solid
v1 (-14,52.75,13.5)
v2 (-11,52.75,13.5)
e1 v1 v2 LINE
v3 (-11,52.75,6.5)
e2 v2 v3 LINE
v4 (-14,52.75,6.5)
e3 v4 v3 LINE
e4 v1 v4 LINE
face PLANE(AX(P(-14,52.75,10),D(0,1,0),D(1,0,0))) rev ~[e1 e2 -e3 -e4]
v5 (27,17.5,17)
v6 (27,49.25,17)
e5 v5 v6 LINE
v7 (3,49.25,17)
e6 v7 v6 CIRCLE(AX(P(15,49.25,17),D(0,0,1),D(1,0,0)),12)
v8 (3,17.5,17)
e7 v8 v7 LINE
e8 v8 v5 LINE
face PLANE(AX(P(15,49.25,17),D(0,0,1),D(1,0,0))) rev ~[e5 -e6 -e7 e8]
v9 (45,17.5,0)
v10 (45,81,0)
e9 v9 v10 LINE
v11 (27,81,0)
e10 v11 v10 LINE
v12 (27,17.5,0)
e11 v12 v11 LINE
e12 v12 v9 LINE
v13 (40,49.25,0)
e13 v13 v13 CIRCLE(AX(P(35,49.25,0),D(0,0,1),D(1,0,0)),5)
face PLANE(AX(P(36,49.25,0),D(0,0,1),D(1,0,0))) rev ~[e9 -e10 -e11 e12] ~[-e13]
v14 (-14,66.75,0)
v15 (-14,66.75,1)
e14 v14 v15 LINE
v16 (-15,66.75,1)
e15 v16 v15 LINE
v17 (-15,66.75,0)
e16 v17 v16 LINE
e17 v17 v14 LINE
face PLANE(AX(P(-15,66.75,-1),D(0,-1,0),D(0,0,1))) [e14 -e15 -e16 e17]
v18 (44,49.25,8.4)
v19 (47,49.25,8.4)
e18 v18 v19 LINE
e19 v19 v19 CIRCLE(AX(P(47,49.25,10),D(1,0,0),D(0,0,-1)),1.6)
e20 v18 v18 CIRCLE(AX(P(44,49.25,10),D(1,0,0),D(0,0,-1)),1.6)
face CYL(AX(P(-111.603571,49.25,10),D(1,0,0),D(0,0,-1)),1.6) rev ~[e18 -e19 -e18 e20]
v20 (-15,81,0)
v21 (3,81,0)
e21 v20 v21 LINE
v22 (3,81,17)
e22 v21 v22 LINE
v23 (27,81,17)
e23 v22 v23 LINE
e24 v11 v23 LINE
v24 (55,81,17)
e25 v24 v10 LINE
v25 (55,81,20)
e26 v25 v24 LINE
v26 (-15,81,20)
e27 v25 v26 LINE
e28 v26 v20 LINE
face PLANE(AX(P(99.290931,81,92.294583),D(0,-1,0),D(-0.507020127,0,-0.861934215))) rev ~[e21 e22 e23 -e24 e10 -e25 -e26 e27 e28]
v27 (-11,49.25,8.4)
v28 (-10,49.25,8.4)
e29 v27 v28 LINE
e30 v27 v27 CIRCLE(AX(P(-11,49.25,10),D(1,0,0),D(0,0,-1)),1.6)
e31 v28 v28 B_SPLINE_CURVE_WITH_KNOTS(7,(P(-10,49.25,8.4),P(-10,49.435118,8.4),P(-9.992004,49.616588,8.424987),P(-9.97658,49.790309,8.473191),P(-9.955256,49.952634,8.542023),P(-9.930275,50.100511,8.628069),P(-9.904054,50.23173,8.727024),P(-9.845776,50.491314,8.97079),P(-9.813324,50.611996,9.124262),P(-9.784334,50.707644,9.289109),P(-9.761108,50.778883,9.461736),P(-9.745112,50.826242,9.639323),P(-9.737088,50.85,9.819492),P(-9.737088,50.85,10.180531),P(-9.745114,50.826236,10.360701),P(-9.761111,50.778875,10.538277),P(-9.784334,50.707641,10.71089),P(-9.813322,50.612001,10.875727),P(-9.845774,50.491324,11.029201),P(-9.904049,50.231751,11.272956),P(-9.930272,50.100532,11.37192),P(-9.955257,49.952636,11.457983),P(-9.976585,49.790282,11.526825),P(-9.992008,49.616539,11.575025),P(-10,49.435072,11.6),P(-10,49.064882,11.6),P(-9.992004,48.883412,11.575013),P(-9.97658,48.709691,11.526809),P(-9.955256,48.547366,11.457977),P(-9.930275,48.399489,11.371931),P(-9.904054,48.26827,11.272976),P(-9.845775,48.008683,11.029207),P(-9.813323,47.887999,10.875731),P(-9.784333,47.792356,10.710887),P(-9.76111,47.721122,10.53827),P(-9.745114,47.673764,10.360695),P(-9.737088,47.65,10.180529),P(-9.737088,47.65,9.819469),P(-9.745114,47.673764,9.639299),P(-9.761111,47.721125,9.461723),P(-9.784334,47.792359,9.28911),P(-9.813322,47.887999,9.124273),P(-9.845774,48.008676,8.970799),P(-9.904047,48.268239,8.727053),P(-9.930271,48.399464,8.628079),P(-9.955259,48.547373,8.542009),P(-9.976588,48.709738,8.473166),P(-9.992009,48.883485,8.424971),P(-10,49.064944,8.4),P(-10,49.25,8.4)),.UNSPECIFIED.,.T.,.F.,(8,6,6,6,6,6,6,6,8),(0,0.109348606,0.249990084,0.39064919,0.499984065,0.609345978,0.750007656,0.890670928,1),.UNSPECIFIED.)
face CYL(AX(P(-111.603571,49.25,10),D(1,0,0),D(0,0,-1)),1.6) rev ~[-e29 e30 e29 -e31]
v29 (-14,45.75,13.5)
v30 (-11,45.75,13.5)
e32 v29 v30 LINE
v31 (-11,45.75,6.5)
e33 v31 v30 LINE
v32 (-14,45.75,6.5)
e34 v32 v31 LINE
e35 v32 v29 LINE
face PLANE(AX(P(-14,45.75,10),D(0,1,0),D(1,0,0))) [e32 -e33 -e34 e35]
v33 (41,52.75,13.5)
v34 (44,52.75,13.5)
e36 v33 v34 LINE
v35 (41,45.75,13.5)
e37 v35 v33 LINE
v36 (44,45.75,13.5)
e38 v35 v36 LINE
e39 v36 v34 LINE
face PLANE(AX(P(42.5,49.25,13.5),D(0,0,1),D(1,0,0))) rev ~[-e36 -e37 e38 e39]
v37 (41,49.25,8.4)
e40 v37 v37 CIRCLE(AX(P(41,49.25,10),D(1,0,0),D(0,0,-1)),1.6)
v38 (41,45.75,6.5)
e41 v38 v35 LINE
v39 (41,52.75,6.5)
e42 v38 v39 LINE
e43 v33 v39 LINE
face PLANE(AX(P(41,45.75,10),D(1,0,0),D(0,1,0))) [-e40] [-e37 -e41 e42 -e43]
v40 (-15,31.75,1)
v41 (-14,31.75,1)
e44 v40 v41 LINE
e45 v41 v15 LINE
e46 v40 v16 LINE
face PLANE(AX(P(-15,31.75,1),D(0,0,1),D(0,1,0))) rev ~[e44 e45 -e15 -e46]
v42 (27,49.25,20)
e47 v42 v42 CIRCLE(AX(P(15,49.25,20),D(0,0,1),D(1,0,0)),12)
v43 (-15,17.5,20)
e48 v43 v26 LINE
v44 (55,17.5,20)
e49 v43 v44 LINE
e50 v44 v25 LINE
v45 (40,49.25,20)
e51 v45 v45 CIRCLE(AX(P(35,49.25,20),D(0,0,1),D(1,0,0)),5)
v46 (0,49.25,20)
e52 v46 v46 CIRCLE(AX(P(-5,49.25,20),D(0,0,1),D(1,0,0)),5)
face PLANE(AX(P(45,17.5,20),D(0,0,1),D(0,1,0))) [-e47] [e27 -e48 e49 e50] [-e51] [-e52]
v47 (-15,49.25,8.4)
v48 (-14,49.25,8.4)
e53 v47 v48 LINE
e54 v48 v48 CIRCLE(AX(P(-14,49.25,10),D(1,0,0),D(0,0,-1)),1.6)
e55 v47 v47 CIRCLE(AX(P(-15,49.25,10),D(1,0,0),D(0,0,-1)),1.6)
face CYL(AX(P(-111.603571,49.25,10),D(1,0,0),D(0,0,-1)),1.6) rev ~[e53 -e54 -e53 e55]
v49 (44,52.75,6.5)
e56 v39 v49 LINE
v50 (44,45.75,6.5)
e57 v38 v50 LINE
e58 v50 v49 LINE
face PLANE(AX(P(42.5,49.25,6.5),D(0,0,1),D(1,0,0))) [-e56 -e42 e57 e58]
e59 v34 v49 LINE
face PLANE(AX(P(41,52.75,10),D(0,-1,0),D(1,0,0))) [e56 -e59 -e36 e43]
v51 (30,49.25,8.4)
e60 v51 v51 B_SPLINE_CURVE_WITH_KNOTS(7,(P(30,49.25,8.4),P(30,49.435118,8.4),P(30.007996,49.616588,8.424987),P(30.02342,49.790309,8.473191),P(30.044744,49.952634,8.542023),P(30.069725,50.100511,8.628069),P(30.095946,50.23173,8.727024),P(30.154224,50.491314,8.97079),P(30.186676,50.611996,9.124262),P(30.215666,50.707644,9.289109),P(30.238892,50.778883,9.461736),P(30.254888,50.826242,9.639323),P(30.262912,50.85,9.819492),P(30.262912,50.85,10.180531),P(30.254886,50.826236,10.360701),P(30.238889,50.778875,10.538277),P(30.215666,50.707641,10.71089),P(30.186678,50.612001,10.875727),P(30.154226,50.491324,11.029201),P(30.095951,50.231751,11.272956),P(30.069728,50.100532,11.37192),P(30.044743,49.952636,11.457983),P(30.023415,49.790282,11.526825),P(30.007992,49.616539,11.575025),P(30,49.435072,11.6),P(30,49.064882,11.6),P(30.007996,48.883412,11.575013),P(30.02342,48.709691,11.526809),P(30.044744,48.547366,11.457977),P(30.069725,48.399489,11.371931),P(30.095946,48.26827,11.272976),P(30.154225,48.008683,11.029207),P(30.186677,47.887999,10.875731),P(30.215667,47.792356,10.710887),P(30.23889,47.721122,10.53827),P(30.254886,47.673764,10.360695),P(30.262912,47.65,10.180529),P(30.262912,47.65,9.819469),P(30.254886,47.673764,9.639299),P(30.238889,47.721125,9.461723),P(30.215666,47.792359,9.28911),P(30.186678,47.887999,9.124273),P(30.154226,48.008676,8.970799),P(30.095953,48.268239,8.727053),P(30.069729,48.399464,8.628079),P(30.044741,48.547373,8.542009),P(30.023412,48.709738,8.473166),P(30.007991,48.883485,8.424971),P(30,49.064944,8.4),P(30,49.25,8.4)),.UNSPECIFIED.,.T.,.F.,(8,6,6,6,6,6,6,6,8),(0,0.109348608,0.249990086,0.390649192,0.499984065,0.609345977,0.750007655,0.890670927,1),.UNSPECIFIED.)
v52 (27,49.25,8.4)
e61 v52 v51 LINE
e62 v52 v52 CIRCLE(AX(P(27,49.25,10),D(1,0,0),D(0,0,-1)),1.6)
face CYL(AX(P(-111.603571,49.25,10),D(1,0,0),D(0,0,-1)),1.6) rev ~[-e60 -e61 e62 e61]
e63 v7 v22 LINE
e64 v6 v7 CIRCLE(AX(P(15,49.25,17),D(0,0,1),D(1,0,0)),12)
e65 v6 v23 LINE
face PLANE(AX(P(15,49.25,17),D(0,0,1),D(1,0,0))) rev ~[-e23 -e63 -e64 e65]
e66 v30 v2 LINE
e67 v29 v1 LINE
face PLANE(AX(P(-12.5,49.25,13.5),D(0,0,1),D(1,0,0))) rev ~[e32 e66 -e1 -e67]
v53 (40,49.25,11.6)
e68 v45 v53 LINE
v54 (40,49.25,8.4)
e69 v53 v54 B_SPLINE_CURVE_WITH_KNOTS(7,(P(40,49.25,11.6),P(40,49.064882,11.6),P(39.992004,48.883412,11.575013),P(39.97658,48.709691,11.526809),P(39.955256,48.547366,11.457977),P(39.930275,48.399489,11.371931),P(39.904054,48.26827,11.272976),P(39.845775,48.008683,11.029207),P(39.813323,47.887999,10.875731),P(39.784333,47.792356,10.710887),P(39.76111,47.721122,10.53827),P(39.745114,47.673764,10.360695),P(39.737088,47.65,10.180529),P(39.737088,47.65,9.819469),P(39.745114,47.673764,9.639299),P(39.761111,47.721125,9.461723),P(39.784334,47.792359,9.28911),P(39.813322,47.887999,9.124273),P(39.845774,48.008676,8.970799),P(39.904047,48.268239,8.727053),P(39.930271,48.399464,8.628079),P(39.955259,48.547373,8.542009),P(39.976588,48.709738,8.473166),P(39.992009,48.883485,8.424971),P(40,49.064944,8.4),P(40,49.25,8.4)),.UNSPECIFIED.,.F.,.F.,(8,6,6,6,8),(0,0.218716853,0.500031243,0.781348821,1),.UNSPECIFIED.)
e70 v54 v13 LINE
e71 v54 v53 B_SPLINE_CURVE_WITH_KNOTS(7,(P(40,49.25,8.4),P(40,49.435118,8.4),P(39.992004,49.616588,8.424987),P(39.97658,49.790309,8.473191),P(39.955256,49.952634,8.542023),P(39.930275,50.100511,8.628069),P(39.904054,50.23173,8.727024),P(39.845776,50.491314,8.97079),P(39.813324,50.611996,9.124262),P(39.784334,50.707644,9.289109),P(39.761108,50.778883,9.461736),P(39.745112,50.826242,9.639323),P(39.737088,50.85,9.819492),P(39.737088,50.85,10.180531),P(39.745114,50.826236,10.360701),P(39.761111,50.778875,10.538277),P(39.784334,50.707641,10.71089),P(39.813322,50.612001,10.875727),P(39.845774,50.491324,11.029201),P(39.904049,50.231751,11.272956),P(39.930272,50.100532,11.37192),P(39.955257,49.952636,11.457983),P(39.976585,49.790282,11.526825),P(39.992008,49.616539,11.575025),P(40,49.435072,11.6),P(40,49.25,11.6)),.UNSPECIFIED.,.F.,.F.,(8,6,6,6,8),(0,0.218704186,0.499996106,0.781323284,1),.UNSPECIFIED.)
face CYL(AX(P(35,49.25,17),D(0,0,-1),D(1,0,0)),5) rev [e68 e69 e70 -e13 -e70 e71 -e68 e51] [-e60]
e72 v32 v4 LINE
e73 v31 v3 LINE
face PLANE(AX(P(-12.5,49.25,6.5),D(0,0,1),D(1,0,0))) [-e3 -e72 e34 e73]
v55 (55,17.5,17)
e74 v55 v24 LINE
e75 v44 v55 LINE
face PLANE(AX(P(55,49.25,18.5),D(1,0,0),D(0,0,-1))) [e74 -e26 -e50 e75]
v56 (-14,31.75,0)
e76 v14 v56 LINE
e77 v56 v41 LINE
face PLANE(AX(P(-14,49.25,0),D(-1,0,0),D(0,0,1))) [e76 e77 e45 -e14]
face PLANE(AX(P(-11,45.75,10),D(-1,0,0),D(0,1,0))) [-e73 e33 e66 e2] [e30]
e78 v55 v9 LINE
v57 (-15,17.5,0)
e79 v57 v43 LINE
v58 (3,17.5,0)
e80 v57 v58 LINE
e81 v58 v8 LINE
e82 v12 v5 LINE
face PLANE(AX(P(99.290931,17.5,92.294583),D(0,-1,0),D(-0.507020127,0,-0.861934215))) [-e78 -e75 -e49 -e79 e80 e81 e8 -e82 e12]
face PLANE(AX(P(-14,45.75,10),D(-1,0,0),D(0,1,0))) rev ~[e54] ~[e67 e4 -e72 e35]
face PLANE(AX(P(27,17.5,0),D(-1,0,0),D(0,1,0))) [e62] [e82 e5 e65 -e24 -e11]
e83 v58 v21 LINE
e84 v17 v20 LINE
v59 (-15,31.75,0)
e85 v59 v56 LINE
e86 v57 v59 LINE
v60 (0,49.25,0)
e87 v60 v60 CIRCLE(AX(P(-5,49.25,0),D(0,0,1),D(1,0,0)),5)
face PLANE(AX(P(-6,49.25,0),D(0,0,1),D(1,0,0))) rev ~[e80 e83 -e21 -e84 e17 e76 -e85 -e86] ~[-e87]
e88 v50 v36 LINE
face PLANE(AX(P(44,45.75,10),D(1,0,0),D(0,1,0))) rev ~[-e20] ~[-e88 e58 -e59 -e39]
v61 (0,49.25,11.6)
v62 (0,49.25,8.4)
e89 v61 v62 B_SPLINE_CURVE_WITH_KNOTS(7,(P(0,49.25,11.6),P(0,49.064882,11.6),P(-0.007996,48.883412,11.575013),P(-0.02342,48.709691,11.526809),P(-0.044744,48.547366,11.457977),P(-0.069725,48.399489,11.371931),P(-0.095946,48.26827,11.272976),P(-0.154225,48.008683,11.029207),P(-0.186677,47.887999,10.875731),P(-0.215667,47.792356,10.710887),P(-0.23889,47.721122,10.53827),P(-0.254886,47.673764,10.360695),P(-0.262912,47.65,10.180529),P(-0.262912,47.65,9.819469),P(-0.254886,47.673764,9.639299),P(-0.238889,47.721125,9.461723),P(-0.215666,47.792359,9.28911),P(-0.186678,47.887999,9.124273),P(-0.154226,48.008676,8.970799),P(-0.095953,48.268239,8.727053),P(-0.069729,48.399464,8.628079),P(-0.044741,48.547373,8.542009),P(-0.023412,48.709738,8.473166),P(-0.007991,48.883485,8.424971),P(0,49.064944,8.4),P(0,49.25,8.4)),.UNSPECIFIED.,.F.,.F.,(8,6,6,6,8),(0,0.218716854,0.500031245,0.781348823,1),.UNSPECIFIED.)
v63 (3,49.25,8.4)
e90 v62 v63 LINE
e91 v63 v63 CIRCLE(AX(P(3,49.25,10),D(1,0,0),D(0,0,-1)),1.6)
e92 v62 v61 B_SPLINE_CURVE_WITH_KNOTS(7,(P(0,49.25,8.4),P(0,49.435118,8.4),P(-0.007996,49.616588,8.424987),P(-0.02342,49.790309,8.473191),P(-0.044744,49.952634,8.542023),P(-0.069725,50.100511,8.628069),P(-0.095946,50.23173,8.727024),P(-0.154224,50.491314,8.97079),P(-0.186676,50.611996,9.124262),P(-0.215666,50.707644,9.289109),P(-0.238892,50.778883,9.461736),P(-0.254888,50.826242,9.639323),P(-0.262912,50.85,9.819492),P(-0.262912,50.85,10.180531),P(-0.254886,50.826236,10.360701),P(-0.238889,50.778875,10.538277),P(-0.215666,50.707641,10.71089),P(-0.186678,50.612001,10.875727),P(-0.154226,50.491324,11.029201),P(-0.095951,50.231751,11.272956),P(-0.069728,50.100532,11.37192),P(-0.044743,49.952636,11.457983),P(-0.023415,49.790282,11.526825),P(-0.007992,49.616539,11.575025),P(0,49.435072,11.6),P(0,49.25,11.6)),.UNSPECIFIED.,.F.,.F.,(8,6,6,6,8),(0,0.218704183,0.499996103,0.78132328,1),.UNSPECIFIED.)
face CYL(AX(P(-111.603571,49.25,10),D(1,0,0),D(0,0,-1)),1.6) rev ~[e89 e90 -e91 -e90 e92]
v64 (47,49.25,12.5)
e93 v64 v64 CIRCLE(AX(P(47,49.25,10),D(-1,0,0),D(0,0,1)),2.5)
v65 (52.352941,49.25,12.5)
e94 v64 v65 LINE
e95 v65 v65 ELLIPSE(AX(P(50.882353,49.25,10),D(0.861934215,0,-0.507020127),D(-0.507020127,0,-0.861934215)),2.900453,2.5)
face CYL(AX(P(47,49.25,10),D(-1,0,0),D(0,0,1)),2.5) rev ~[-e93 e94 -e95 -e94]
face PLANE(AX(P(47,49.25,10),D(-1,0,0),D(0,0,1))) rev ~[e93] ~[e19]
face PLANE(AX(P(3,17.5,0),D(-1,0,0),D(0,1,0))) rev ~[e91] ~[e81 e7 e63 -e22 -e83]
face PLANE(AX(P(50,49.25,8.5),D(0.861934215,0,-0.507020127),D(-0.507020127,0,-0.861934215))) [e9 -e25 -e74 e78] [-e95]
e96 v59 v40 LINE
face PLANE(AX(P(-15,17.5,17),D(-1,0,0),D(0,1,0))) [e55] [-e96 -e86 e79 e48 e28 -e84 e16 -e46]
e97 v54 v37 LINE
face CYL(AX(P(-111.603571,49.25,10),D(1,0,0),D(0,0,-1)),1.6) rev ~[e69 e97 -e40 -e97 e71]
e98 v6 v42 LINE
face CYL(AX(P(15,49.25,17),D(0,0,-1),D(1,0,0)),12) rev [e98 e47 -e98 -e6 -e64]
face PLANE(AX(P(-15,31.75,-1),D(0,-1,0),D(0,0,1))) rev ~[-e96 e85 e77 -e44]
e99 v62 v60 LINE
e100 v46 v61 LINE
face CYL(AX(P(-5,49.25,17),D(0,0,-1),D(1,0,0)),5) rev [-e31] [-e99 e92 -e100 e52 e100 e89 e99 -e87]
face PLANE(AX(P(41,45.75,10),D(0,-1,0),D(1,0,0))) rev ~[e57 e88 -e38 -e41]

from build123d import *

# Parameters (mm, degrees)
SKETCH_1_W          = 18
SKETCH_1_H          = 63.5
SKETCH_1_R          = 5
EXTRUDE_1_DEPTH     = 17
EXTRUDE_1_2_DEPTH   = 17
SKETCH_2_W          = 60
SKETCH_2_H          = 63.5
SKETCH_2_R          = 5
SKETCH_2_R_2        = 12
EXTRUDE_2_DEPTH     = 3
SKETCH_3_W          = 3
SKETCH_3_H          = 63.5
EXTRUDE_3_DEPTH     = 10
RIB_1_REACH         = 88.355
SKETCH_4_WALL_W     = 194.433823758
SKETCH_4_WALL_H     = 63.5
SKETCH_7_W          = 3
SKETCH_7_H          = 7
CUT_EXTRUDE_1_DEPTH = 3.5
HOLE_WIZARD_1_D     = 3.2
SKETCH_13_R         = 2.5
CUT_EXTRUDE_2_DEPTH = 11
SKETCH_14_W         = 2
SKETCH_14_H         = 35
CUT_EXTRUDE_3_DEPTH = 1


with BuildPart() as part:
    # 草图1 → 凸台-拉伸1 (new body)
    with BuildSketch(Plane.XY):
        with Locations((36, 49.25)):
            Rectangle(SKETCH_1_W, SKETCH_1_H)
        with Locations((35, 49.25)):
            Circle(SKETCH_1_R, mode=Mode.SUBTRACT)
    extrude(amount=EXTRUDE_1_DEPTH)



with BuildPart() as body_2:
    # 草图1 → Extrude 1 2 (new body)
    with BuildSketch(Plane.XY):
        with Locations((-6, 49.25)):
            Rectangle(SKETCH_1_W, SKETCH_1_H)
        with Locations((-5, 49.25)):
            Circle(SKETCH_1_R, mode=Mode.SUBTRACT)
    extrude(amount=EXTRUDE_1_2_DEPTH)


with BuildPart() as part_1:
    add(part.part)

    add(body_2.part)  # 凸台-拉伸2 merges body 2
    # 草图2 → 凸台-拉伸2 (add)
    with BuildSketch(Plane.XY.offset(17)):
        with Locations((15, 49.25)):
            Rectangle(SKETCH_2_W, SKETCH_2_H)
        with Locations((35, 49.25)):
            Circle(SKETCH_2_R, mode=Mode.SUBTRACT)
        with Locations((-5, 49.25)):
            Circle(SKETCH_2_R, mode=Mode.SUBTRACT)
        with Locations((15, 49.25)):
            Circle(SKETCH_2_R_2, mode=Mode.SUBTRACT)
    extrude(amount=EXTRUDE_2_DEPTH)

    # 草图3 → 凸台-拉伸3 (add)
    with BuildSketch(Plane(origin=(45, 0, 0), x_dir=(0, 0, -1), z_dir=(1, 0, 0))):
        with Locations((-18.5, 49.25)):
            Rectangle(SKETCH_3_W, SKETCH_3_H)
    extrude(amount=EXTRUDE_3_DEPTH)

    # 草图4 wall → 筋1 (add, up to next)
    with BuildSketch(Plane(origin=(50, 17.5, 8.5), x_dir=(-0.507020126563, 0, -0.861934215158), z_dir=(0.861934215158, 0, -0.507020126563)), mode=Mode.PRIVATE) as rib_1_sk1:
        with Locations((0, 31.75)):
            Rectangle(SKETCH_4_WALL_W, SKETCH_4_WALL_H)
    rib_1_tool1 = extrude(rib_1_sk1.sketch, amount=-RIB_1_REACH, mode=Mode.PRIVATE) - part_1.part
    add(rib_1_tool1.solids().sort_by_distance((50, 17.5, 8.5))[0])

    # 草图7 → 切除-拉伸1 (cut, symmetric)
    with BuildSketch(Plane.XY.offset(10)):
        with Locations((-12.5, 49.25)):
            Rectangle(SKETCH_7_W, SKETCH_7_H)
        with Locations((42.5, 49.25)):
            Rectangle(SKETCH_7_W, SKETCH_7_H)
    extrude(amount=CUT_EXTRUDE_1_DEPTH, both=True, mode=Mode.SUBTRACT)

    # 孔1 (through all)
    with Locations(Plane.ZY.offset(15)):
        with Locations((10, 49.25)):
            Hole(HOLE_WIZARD_1_D / 2)

    # 草图13 → 切除-拉伸2 (cut)
    with BuildSketch(Plane.ZY.offset(-47)):
        with Locations((10, 49.25)):
            Circle(SKETCH_13_R)
    extrude(amount=-CUT_EXTRUDE_2_DEPTH, mode=Mode.SUBTRACT)

    # 草图14 → 切除-拉伸3 (cut)
    with BuildSketch(Plane.ZY.offset(15)):
        with Locations((0, 49.25)):
            Rectangle(SKETCH_14_W, SKETCH_14_H)
    extrude(amount=-CUT_EXTRUDE_3_DEPTH, mode=Mode.SUBTRACT)


solid = part_1.part
